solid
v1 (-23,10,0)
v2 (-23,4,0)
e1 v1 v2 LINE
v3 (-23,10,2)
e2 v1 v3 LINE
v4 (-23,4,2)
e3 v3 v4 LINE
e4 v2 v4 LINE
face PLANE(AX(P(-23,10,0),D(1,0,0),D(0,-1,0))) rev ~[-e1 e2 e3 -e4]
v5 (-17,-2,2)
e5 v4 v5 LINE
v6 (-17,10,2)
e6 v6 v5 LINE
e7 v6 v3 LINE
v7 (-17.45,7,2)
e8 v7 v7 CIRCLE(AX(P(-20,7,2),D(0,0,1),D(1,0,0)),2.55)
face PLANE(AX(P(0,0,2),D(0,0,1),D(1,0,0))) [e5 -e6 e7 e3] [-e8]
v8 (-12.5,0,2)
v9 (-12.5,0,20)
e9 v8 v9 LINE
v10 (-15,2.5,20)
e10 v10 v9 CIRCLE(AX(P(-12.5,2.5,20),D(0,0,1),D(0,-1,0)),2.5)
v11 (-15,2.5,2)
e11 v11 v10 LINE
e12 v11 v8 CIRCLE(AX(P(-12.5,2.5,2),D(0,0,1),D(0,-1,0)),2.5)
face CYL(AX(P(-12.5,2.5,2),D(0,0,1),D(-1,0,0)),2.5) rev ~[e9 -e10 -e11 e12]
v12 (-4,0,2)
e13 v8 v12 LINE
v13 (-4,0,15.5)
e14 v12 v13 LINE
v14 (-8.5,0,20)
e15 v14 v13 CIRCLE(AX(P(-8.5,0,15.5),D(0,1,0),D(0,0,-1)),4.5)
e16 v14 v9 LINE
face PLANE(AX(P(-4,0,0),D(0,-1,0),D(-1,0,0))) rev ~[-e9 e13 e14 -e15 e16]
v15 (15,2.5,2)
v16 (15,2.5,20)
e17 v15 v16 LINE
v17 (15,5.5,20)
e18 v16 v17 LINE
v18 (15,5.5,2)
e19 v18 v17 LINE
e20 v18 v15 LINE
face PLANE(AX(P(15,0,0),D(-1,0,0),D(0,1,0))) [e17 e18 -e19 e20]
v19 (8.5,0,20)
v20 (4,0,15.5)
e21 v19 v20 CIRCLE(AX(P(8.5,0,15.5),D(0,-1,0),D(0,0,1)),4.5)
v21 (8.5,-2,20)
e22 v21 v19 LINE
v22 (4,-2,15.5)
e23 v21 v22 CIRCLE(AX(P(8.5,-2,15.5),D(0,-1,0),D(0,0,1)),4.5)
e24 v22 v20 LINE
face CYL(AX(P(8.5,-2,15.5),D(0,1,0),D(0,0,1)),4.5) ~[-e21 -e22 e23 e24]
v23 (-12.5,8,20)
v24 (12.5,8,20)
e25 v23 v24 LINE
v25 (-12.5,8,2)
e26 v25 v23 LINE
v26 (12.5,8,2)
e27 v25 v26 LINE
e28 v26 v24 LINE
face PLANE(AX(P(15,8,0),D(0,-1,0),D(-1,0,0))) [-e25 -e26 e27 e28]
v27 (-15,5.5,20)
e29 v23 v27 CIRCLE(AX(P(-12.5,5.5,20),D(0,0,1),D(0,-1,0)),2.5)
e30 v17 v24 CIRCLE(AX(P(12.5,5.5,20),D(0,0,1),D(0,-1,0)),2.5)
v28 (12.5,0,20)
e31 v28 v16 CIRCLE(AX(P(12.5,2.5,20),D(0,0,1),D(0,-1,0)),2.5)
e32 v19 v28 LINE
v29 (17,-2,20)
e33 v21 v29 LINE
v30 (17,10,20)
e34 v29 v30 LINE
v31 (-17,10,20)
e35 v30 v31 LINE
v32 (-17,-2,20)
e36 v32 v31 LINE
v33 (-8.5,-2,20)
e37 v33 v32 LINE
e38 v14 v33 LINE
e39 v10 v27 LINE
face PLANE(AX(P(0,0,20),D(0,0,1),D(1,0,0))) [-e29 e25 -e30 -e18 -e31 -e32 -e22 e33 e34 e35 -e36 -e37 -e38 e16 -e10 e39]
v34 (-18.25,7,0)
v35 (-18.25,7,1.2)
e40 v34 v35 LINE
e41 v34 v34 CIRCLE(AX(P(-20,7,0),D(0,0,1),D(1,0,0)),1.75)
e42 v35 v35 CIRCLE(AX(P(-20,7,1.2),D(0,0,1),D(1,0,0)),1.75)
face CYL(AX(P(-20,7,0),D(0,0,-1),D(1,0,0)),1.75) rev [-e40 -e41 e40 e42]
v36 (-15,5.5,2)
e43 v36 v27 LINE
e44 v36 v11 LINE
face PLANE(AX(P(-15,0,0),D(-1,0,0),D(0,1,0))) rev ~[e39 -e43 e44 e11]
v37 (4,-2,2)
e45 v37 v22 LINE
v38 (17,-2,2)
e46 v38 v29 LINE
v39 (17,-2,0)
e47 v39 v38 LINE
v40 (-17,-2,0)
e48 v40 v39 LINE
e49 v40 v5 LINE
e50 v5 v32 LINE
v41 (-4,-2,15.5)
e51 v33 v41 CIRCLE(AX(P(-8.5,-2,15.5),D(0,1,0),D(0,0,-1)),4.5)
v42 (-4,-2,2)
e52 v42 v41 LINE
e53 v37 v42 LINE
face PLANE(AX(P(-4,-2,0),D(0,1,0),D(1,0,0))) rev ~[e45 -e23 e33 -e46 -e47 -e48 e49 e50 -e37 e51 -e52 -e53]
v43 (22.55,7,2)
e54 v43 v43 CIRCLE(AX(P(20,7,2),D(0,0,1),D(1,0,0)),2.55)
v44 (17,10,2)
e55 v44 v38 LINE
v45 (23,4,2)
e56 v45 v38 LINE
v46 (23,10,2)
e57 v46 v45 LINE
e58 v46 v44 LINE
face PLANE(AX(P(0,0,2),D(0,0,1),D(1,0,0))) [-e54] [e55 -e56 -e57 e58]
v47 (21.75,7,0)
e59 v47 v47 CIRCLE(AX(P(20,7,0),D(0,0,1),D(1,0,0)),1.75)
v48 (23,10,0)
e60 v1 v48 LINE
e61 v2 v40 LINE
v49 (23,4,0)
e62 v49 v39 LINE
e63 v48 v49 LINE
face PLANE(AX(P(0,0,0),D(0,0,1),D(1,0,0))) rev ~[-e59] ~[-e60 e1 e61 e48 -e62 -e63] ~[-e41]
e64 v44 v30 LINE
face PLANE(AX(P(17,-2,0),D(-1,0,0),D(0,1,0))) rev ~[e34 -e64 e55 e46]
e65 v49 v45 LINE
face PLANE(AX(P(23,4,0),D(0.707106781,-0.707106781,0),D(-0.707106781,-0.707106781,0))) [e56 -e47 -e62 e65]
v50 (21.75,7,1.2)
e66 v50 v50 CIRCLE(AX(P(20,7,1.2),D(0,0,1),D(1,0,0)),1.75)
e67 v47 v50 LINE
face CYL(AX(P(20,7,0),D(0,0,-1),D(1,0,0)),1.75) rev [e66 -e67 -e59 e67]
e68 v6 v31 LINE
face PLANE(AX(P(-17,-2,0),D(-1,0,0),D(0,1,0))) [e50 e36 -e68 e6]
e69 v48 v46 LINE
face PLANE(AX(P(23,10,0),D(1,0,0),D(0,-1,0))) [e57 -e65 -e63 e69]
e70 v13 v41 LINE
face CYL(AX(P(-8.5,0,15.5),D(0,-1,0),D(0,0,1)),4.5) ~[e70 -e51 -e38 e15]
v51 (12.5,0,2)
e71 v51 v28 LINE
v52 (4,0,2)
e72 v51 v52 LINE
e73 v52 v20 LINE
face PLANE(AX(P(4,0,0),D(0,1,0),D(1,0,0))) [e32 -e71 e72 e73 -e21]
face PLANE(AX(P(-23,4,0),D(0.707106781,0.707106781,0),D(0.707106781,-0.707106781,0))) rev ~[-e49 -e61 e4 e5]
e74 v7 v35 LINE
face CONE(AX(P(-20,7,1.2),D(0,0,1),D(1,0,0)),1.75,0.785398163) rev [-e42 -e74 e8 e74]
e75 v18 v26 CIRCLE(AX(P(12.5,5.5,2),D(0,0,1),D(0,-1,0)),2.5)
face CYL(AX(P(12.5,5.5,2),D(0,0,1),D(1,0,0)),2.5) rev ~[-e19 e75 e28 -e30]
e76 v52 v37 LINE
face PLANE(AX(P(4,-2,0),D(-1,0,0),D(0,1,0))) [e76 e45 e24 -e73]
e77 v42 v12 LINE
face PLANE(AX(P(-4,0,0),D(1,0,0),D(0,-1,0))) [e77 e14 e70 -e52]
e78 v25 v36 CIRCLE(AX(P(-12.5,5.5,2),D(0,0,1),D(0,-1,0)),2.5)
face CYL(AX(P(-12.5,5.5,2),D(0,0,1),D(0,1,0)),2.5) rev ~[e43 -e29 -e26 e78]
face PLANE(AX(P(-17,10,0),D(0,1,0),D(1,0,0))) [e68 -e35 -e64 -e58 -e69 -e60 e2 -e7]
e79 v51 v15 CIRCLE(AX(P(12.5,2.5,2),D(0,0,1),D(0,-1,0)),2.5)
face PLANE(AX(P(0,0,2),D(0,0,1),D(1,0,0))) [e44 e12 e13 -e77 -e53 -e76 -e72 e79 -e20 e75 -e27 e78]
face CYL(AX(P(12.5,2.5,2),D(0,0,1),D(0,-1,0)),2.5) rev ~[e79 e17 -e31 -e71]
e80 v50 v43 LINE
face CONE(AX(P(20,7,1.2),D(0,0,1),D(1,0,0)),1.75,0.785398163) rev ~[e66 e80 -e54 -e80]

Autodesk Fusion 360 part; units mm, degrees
sketch "Sketch1" plane through (0, 0, 0) normal (0, 0, 1) x (1, 0, 0)
  line L0 (4, 2) -> (-4, 2)
  line L1 (-4, 2) -> (-4, -2)
  line L2 (-4, -2) -> (4, -2)
  line L3 (4, -2) -> (4, 2)
  line L4 (4, 2) -> (-4, -2) construction
  line L5 (-4, 2) -> (4, -2) construction
  line L6 (-4, -2) -> (-17, -2)
  line L7 (-17, -2) -> (-17, 10)
  line L8 (-17, 10) -> (0, 10)
  line L9 (-4, 0) -> (-15, 0)
  line L10 (-15, 0) -> (-15, 8)
  line L11 (-15, 8) -> (0, 8)
  line L12 (0, 1.75) -> (0, 22.5)
  line L13 (15, 8) -> (0, 8)
  line L14 (17, 10) -> (0, 10)
  line L15 (17, -2) -> (17, 10)
  line L16 (15, 0) -> (15, 8)
  line L17 (4, 0) -> (15, 0)
  line L18 (4, -2) -> (17, -2)
  line L19 (-17, 10) -> (-23, 10)
  line L20 (-23, 10) -> (-23, 4)
  line L21 (-17, -2) -> (-17, 10)
  circle A0 centre (-20, 7) radius 1.75
  line L22 (-23, 4) -> (-17, -2)
  line L23 (17, 10) -> (23, 10)
  line L24 (23, 10) -> (23, 4)
  line L25 (23, 4) -> (17, -2)
  circle A1 centre (20, 7) radius 1.75
  dimension "d1" = 8
  dimension "d2" = 4
  dimension "d9" = 3.5
extrude "Extrude1" add sketch "Sketch1" along normal blind 2
extrude "Extrude2" add sketch "Sketch1" along normal blind 20 contours L3 L12 L13 L14 L15 L16 L17 L18 | L1 L6 L7 L8 L9 L10 L11 L12 L21
chamfer "Chamfer1" distance 0.8 angle 45 2 edges at (-21.6316, 7.6328, 2) (18.3684, 7.6328, 2)
fillet "Fillet2" radius 4.5 2 edges at (-4, -1, 20) (4, -1, 20)
fillet "Fillet3" radius 2.5 4 edges at (-15, 0, 11) (-15, 8, 11) (15, 8, 11) (15, 0, 11)
